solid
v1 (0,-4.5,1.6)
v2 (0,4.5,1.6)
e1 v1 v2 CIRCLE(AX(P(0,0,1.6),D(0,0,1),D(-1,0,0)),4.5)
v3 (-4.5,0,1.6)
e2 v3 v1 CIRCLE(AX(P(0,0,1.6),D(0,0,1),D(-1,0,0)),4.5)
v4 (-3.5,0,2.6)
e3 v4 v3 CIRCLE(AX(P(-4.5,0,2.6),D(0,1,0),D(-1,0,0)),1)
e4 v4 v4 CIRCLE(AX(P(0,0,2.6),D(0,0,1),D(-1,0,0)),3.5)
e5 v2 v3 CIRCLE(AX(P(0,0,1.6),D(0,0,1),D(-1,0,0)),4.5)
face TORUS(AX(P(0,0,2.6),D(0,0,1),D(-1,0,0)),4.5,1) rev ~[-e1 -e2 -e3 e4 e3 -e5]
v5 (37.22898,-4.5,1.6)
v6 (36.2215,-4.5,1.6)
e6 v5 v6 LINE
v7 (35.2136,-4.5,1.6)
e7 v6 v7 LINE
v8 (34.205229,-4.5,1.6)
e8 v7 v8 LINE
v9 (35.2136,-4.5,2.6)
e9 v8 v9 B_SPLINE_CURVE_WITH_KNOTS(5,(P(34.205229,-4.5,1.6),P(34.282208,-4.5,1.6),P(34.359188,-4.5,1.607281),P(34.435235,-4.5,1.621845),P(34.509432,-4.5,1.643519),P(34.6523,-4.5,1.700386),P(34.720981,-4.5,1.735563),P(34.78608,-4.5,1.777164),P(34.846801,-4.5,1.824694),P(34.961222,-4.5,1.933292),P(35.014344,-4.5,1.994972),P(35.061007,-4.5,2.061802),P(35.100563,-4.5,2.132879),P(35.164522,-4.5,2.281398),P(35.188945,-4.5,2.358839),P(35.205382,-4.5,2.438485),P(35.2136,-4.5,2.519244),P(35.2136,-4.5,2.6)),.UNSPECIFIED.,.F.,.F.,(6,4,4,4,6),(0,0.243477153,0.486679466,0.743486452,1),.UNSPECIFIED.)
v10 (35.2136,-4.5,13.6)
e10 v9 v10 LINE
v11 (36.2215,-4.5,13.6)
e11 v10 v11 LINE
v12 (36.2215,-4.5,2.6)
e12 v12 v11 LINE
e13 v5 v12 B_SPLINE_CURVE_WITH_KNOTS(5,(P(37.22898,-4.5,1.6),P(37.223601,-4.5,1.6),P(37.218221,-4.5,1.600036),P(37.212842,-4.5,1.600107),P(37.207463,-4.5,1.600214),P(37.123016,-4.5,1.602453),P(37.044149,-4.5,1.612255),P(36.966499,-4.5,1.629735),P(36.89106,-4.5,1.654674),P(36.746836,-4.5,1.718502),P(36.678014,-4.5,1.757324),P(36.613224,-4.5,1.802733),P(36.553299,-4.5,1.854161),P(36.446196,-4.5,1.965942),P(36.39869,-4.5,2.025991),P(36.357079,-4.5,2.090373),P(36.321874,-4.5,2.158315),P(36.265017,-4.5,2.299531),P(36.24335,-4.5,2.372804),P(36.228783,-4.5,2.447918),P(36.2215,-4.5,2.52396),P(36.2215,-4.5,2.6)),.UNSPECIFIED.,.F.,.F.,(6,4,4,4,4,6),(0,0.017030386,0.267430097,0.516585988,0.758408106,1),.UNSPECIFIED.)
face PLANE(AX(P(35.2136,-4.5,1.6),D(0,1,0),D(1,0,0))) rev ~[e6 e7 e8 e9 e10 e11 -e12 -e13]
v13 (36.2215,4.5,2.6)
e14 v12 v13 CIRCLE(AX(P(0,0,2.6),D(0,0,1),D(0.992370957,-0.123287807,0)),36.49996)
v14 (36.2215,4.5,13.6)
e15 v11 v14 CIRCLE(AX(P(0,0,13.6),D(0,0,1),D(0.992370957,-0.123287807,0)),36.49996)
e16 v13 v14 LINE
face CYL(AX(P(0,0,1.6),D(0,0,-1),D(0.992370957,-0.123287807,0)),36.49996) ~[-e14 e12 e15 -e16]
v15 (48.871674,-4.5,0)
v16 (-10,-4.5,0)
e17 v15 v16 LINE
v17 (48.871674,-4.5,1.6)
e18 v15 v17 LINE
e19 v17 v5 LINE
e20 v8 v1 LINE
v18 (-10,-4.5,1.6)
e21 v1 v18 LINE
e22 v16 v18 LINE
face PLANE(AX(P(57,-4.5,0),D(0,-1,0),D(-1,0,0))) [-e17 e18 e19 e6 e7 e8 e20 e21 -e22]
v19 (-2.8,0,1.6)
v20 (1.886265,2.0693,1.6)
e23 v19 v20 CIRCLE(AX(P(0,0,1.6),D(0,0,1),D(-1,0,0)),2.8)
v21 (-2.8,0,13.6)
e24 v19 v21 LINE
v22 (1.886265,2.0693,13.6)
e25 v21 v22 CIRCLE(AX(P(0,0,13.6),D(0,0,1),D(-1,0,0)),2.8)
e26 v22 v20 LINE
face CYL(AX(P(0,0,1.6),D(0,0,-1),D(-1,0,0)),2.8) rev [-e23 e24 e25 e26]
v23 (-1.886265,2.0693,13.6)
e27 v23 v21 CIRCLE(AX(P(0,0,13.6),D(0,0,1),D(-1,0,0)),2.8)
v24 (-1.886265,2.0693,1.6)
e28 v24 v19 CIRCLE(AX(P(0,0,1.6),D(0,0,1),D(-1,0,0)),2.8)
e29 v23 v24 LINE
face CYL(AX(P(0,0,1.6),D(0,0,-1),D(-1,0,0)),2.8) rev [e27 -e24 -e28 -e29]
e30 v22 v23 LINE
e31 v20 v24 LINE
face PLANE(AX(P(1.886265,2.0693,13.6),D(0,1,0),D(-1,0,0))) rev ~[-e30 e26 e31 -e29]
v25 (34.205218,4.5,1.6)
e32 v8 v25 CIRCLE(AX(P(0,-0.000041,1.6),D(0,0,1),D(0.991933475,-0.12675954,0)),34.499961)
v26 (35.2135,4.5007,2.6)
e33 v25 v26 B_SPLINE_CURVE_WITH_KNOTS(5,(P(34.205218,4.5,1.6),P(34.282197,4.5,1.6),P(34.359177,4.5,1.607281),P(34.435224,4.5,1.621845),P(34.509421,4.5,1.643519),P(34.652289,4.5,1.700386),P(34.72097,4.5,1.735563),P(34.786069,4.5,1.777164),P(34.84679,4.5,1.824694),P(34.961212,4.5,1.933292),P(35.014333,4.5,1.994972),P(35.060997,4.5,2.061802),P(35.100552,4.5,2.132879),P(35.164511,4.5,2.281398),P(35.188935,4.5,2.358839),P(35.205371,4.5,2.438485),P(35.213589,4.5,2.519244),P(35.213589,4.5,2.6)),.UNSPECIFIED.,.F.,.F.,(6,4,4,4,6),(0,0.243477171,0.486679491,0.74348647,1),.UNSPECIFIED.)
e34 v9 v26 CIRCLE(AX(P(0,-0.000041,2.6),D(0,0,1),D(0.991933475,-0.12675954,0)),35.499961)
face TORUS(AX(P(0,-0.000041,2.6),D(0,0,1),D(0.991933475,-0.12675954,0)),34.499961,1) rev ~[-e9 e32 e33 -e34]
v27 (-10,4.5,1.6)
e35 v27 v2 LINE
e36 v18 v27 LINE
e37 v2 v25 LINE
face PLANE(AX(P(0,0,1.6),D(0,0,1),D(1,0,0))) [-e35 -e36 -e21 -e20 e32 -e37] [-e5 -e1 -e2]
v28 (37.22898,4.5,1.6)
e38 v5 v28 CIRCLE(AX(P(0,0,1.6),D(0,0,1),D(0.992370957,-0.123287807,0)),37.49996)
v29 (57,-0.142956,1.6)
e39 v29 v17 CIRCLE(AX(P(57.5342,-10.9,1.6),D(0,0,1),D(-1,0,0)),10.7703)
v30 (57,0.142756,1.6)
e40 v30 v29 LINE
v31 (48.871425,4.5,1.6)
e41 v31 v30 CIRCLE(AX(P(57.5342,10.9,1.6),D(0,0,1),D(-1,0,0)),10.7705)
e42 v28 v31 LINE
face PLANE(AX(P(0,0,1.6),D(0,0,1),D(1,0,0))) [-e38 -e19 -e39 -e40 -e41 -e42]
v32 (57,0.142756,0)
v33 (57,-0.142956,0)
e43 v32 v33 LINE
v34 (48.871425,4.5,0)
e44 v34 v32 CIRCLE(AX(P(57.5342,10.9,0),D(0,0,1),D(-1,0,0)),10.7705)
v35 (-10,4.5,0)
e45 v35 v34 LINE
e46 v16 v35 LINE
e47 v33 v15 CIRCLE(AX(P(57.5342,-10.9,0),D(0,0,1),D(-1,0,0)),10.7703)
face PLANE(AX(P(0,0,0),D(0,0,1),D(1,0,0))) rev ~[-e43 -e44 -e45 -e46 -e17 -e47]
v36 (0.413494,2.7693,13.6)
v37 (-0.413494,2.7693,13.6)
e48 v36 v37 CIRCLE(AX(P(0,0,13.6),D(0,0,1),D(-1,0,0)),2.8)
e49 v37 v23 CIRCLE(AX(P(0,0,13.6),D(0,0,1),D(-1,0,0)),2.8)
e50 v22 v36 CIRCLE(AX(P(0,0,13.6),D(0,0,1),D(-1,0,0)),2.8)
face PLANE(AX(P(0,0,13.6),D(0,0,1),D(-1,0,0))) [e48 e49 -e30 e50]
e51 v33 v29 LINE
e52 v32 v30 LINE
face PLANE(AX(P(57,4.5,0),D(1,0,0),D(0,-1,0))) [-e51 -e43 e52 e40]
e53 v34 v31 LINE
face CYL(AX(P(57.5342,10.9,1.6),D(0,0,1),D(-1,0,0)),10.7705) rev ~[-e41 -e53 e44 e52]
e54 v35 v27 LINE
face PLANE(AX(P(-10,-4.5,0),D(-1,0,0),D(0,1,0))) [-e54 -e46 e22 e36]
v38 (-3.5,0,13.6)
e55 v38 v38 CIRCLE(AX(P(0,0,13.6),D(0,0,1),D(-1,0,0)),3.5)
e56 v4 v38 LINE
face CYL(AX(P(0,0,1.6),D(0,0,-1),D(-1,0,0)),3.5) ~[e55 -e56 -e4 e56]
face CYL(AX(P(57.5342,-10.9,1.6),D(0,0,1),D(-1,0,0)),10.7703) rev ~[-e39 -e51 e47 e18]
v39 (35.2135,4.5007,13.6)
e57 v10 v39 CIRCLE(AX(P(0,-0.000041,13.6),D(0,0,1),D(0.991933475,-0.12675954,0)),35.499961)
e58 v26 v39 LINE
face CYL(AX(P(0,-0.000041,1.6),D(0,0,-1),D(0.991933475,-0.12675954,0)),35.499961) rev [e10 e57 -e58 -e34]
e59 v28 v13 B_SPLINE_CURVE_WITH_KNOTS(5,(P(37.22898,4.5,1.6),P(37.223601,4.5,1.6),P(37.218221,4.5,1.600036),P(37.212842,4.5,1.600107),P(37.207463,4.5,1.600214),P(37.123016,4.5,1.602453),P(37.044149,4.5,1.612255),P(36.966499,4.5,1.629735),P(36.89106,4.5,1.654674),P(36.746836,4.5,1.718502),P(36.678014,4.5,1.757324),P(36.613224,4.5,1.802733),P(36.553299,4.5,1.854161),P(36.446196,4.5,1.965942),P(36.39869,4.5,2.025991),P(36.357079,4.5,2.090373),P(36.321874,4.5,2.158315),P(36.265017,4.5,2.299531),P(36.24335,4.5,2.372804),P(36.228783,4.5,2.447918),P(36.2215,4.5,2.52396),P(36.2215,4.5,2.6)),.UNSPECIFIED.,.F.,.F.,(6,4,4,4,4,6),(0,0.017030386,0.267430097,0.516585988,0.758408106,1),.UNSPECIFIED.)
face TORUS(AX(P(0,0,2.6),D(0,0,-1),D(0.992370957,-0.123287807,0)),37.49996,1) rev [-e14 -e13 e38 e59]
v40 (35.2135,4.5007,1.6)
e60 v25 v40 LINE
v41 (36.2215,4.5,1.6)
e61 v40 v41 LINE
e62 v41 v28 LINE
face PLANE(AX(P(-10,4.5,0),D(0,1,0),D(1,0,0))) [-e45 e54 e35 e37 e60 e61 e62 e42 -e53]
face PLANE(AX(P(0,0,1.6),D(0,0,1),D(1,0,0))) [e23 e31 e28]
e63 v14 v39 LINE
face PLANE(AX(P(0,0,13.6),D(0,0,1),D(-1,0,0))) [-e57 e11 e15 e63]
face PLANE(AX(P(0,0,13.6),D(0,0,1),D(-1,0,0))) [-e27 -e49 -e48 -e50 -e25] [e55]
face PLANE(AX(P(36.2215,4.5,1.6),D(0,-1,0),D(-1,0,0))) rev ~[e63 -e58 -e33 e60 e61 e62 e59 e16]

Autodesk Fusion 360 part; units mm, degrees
sketch "Esquisse1" plane through (0, 0, 0) normal (0, 0, 1) x (1, 0, 0)
  line L0 (-10, 4.5) -> (57, 4.5)
  line L1 (57, 4.5) -> (57, -4.5)
  line L2 (57, -4.5) -> (-10, -4.5)
  line L3 (-10, -4.5) -> (-10, 4.5)
  dimension "d1" = 67
  dimension "d2" = 9
  dimension "d3" = 10
  dimension "d4" = 4.5
extrude "Extrusion1" add sketch "Esquisse1" along normal blind 1.6
sketch "Esquisse2" plane through (0, 0, 1.6) normal (0, 0, 1) x (-1, 0, 0)
  line L0 (10, 4.5) -> (-57, 4.5)
  line L1 (-57, 4.5) -> (-57, -4.5)
  line L2 (-57, -4.5) -> (10, -4.5)
  line L3 (10, -4.5) -> (10, 4.5)
  circle A0 centre (0, 0) radius 3.5
  arc A1 (-35.2136, 4.5) -> (-35.2135, -4.5007) centre (0, 0) ccw
  arc A2 (-36.2215, 4.5) -> (-36.2215, -4.5) centre (0, 0) ccw
  line L4 (-35.2135, -4.5007) -> (-36.2215, -4.5)
  line L5 (-35.2135, -4.5007) -> (-36.2215, -4.5)
  line L6 (-35.2136, 4.5) -> (-36.2215, 4.5)
  circle A3 centre (0, 0) radius 2.8
  dimension "d7" = 7
  dimension "d8" = 35.5
  dimension "d9" = 36.5
  dimension "d10" = 5.6
extrude "Extrusion2" add sketch "Esquisse2" along normal blind 12 contours L0 L2 A1 A2 L4 L5 L6
extrude "Extrusion3" add sketch "Esquisse2" along normal blind 12 contours A0
sketch "Esquisse3" plane through (0, 0, 13.6) normal (0, 0, 1) x (-1, 0, 0)
  circle A0 centre (0, 0) radius 2.8
  circle A1 centre (0, 0) radius 3.5
  line L0 (2.0235, -2.7693) -> (-1.9765, -2.7693)
  line L1 (-1.9765, -2.7693) -> (-1.9765, -2.0693)
  line L2 (-1.9765, -2.0693) -> (2.0235, -2.0693)
  line L3 (2.0235, -2.0693) -> (2.0235, -2.7693)
  dimension "d15" = 4
  dimension "d16" = 0.7
extrude "Extrusion4" add sketch "Esquisse3" against normal blind 12.2 contours A0 L0 L2 | A0 L0
sketch "Esquisse4" plane through (0, 0, 1.6) normal (0, 0, 1) x (-1, 0, 0)
  circle A0 centre (-57.5342, 10.9) radius 10.7703
  circle A1 centre (-57.5342, -10.9) radius 10.7705
  dimension "d19" = 21.5407
  dimension "d20" = 21.541
  dimension "d21" = 10.9
  dimension "d22" = 10.9
  dimension "d23" = 57.5342
  dimension "d24" = 57.5342
extrude "Extrusion5" cut sketch "Esquisse4" against normal blind 2
fillet "Congé1" radius 1 1 edges at (3.2631, -1.2657, 1.6)
fillet "Congé2" radius 1 2 edges at (35.5, 0, 1.6) (36.5, 0, 1.6)
equation "d23 = 50.53419 mm + 7 mm"
equation "d24 = 50.53419 mm + 7 mm"
